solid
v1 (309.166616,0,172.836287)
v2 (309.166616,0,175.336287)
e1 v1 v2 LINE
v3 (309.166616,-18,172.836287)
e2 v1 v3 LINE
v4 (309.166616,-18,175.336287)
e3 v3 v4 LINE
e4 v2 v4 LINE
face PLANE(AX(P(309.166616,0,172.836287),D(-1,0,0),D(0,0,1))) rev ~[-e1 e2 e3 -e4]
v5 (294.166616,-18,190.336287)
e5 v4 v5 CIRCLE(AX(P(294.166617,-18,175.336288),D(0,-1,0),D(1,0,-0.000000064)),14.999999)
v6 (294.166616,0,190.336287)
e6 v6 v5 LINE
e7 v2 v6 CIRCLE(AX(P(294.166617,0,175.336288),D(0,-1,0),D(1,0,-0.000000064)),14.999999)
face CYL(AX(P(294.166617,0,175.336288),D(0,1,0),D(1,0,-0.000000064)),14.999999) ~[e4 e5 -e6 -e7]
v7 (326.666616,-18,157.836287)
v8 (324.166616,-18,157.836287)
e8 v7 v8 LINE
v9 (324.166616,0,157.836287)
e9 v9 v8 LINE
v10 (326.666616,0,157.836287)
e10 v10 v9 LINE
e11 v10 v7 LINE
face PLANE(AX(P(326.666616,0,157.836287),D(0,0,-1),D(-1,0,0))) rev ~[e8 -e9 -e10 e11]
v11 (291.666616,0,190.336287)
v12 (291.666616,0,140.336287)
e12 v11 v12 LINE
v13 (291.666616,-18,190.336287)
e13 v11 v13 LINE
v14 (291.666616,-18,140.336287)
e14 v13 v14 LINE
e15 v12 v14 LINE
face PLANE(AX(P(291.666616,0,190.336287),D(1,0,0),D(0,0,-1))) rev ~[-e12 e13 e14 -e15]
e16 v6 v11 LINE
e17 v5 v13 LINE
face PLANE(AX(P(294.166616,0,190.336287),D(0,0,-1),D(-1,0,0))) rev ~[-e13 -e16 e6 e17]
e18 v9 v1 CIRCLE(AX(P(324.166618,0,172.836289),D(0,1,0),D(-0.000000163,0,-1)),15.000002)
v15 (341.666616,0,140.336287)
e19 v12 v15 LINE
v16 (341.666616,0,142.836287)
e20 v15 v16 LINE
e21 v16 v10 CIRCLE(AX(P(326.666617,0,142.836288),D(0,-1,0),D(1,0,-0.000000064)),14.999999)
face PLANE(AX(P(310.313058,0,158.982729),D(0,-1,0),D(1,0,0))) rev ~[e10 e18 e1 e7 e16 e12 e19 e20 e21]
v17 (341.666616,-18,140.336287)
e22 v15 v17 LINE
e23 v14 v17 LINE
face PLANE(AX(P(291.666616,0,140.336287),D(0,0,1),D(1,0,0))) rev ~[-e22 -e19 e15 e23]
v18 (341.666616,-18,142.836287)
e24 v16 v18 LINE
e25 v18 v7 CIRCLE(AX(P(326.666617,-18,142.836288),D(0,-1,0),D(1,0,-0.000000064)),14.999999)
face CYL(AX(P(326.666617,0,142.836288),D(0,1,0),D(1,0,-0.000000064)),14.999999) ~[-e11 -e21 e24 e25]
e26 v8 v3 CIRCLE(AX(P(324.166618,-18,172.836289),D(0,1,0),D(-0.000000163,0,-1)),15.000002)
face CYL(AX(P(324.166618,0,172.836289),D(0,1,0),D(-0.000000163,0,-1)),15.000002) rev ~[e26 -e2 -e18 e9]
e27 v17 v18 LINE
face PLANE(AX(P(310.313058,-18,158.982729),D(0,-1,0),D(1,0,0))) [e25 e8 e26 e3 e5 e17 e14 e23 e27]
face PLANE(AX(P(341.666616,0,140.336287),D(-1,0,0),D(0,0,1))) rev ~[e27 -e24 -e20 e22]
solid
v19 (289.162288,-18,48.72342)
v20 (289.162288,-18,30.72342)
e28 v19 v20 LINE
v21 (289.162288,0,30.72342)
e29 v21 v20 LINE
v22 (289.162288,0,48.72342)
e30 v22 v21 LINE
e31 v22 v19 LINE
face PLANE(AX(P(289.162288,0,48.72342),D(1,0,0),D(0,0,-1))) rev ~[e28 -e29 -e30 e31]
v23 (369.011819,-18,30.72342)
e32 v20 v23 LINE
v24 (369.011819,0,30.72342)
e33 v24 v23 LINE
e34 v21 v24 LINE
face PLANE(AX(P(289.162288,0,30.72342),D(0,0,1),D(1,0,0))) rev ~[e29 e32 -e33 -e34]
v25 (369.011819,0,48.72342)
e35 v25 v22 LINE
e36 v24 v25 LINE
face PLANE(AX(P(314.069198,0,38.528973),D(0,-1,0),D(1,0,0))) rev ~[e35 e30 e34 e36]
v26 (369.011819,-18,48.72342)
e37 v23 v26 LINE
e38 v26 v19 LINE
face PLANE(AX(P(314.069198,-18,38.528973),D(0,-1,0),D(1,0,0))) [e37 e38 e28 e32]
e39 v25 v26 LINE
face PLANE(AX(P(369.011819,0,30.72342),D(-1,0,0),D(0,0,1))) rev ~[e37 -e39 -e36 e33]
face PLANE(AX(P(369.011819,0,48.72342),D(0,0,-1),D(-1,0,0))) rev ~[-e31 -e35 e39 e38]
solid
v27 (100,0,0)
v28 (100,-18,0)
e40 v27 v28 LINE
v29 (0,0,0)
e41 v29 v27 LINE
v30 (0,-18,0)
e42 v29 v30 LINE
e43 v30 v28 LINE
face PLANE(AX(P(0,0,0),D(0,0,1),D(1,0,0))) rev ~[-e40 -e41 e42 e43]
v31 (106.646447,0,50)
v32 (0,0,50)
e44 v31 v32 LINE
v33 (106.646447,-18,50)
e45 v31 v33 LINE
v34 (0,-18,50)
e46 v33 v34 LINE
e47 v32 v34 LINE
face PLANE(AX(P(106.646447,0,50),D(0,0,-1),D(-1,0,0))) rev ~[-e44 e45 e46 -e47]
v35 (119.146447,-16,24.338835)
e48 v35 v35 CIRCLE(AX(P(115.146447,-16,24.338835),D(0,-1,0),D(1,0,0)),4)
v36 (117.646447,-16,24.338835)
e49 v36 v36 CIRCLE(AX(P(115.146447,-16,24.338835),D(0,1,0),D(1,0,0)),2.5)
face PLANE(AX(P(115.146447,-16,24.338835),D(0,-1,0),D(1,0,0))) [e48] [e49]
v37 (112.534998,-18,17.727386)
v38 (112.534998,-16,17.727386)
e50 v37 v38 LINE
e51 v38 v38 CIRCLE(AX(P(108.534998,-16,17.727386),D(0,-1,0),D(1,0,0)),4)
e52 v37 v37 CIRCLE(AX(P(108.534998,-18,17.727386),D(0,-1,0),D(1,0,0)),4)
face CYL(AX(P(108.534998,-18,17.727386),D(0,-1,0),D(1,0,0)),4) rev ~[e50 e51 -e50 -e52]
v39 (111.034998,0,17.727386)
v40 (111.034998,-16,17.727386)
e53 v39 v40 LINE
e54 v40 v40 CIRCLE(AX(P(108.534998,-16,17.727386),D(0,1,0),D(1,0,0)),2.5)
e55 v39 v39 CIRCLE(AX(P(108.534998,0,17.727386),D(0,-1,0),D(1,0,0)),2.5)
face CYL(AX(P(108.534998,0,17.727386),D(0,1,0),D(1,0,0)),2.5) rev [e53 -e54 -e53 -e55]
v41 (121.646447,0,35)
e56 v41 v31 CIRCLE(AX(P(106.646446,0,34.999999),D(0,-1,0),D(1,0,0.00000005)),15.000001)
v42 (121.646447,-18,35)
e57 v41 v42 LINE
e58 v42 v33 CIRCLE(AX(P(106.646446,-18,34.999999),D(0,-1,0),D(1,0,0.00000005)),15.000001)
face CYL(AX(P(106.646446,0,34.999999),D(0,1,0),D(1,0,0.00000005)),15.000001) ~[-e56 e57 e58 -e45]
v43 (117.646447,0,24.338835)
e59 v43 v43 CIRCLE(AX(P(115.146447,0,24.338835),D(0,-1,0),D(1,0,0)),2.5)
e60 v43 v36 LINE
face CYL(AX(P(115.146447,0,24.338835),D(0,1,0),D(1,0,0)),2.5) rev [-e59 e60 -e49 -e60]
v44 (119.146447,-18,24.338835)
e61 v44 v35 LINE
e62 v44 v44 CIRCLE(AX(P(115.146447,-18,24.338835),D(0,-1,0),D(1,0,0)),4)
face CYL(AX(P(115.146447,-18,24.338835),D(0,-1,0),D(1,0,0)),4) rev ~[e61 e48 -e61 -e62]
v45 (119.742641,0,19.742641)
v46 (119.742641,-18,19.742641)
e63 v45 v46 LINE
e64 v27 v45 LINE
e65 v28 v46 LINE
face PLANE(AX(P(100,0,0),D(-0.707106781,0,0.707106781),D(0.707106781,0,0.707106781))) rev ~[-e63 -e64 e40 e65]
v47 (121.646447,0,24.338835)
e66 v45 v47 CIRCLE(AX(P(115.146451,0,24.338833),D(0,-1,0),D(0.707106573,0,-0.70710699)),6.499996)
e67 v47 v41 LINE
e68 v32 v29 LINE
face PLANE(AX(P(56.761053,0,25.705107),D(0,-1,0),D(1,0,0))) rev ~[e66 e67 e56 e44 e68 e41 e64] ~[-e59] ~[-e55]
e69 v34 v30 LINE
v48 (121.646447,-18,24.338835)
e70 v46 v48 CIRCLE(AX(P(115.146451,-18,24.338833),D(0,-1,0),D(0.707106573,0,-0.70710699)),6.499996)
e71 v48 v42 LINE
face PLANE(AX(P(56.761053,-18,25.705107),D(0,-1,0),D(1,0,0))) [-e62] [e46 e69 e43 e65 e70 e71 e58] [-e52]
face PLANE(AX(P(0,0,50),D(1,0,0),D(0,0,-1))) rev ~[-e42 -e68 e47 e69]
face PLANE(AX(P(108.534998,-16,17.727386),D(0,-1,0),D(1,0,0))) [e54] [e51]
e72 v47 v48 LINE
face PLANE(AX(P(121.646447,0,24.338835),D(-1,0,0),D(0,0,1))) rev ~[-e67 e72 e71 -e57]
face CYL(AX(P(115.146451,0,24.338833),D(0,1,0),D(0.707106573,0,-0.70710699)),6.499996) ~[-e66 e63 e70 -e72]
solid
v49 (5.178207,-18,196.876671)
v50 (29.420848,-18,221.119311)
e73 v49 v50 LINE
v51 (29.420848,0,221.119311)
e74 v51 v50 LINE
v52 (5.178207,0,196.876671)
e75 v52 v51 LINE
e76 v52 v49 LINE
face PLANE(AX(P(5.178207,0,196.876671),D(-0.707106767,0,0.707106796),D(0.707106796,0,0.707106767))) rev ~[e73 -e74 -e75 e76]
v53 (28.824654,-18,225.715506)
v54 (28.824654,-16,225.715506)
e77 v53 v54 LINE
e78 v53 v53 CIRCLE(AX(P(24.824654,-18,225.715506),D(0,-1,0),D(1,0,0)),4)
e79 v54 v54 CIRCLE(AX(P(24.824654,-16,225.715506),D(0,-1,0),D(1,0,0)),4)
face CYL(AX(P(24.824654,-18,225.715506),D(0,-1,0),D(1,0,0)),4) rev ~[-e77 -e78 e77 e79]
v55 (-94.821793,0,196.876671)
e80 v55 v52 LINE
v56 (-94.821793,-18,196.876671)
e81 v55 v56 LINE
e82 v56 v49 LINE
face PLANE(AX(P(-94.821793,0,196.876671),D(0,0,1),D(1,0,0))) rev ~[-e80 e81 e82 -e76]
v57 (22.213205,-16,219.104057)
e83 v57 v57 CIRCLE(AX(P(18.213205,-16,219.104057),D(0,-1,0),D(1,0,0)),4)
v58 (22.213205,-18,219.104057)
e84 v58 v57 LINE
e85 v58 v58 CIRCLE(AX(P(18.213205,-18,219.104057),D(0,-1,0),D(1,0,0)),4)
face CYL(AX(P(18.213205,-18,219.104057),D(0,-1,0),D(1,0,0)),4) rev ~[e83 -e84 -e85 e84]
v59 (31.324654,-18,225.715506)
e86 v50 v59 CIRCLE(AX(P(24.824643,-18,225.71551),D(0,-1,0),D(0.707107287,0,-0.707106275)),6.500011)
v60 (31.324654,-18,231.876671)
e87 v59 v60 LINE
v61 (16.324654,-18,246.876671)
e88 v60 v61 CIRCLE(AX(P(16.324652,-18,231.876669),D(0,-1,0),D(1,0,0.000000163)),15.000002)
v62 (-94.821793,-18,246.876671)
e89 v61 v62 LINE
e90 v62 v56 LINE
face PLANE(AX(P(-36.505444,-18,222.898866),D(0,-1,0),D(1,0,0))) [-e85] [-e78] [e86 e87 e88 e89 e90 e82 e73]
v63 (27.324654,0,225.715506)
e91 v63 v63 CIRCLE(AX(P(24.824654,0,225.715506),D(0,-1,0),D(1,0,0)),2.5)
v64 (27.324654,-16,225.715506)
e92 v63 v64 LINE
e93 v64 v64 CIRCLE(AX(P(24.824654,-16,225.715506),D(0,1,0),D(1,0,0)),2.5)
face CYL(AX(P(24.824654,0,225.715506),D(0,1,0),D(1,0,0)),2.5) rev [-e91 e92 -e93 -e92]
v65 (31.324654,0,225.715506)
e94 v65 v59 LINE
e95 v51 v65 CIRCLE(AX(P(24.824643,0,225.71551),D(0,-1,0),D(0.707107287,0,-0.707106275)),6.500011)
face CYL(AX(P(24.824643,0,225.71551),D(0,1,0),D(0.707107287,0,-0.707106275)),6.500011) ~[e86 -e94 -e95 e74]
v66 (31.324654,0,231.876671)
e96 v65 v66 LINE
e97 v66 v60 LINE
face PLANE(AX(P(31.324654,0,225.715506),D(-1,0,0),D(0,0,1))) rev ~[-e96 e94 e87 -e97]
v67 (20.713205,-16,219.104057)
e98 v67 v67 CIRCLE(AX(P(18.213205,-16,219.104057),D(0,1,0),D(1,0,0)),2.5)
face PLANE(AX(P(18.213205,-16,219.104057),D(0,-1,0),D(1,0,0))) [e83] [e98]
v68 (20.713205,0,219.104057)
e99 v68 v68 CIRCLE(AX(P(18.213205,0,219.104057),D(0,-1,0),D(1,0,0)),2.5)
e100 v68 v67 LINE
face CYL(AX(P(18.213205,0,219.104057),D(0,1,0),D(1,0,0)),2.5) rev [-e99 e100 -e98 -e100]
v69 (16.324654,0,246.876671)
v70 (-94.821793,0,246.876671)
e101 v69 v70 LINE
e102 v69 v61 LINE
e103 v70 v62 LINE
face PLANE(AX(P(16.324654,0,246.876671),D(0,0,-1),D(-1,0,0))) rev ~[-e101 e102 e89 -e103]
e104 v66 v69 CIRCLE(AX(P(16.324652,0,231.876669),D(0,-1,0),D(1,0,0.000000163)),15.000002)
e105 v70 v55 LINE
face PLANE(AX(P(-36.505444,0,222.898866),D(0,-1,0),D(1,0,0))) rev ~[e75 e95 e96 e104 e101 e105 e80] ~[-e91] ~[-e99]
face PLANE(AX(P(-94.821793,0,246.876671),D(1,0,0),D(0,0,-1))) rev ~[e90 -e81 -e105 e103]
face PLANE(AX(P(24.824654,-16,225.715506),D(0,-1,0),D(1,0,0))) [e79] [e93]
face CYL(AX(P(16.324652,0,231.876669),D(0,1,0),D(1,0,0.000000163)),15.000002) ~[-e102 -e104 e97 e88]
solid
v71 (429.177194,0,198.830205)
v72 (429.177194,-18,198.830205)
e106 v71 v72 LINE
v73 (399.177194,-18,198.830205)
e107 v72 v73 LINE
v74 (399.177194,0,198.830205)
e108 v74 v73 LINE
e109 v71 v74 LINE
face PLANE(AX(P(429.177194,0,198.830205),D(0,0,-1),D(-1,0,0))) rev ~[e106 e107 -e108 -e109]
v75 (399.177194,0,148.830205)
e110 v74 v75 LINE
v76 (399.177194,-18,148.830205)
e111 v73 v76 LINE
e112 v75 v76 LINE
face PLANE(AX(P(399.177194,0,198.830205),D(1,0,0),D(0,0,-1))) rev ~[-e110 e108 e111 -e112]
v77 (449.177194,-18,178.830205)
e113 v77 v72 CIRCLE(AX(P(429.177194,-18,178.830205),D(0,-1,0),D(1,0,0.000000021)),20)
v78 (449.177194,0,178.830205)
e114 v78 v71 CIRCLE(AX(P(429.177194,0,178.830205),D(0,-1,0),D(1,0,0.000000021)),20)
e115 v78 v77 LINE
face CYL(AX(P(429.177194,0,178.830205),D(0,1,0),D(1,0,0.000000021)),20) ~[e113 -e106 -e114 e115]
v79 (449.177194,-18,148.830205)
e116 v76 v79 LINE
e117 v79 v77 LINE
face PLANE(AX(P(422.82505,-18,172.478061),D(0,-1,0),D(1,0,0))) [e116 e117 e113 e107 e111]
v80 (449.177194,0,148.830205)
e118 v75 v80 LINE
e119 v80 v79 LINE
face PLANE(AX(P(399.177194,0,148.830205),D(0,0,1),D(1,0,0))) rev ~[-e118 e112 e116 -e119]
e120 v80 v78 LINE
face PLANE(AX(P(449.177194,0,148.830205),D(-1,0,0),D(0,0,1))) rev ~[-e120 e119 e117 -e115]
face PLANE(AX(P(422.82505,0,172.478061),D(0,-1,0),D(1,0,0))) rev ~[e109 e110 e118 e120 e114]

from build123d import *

# Parameters (mm, degrees)
F0_R     = 2.5
F0_W     = 24.763633
F0_H     = 18
F1_DEPTH = 18
F2_R     = 4
F3_DEPTH = 2


with BuildPart() as f1:
    # F0 (on Front) → F1 (new body)
    with BuildSketch(Plane.XZ):
        with BuildLine():
            Line((0, 50), (0, 0))
            Line((0, 0), (100, 0))
            Line((100, 0), (119.742641, 19.742641))
            ThreePointArc((119.742641, 19.742641), (121.151664, 21.851392), (121.646447, 24.338835))
            Line((121.646447, 24.338835), (121.646447, 35))
            ThreePointArc((121.646447, 35), (117.253048, 45.606602), (106.646447, 50))
            Line((106.646447, 50), (0, 50))
        make_face()
        with Locations((108.534998, 17.727386)):
            Circle(F0_R, mode=Mode.SUBTRACT)
        with Locations((115.146447, 24.338835)):
            Circle(F0_R, mode=Mode.SUBTRACT)
        Polygon((289.162288, 48.72342), (289.162288, 30.72342), (344.248186, 30.72342), (326.248186, 48.72342), align=None)
        Polygon((326.248186, 48.72342), (344.248186, 30.72342), (344.248186, 48.72342), align=None)
        with Locations((356.630002, 39.72342)):
            Rectangle(F0_W, F0_H)
        with BuildLine():
            Line((-94.821793, 246.876671), (-94.821793, 196.876671))
            Line((-94.821793, 196.876671), (5.178207, 196.876671))
            Line((5.178207, 196.876671), (29.420848, 221.119311))
            ThreePointArc((29.420848, 221.119311), (30.82987, 223.228063), (31.324654, 225.715506))
            Line((31.324654, 225.715506), (31.324654, 231.876671))
            ThreePointArc((31.324654, 231.876671), (26.931255, 242.483272), (16.324654, 246.876671))
            Line((16.324654, 246.876671), (-94.821793, 246.876671))
        make_face()
        with Locations((18.213205, 219.104057)):
            Circle(F0_R, mode=Mode.SUBTRACT)
        with Locations((24.824654, 225.715506)):
            Circle(F0_R, mode=Mode.SUBTRACT)
        with BuildLine():
            Line((291.666616, 190.336287), (291.666616, 140.336287))
            Line((291.666616, 140.336287), (341.666616, 140.336287))
            Line((341.666616, 140.336287), (341.666616, 142.836287))
            ThreePointArc((341.666616, 142.836287), (337.273218, 153.442889), (326.666616, 157.836287))
            Line((326.666616, 157.836287), (324.166616, 157.836287))
            ThreePointArc((324.166616, 157.836287), (313.560015, 162.229686), (309.166616, 172.836287))
            Line((309.166616, 172.836287), (309.166616, 175.336287))
            ThreePointArc((309.166616, 175.336287), (304.773218, 185.942889), (294.166616, 190.336287))
            Line((294.166616, 190.336287), (291.666616, 190.336287))
        make_face()
        with BuildLine():
            Line((399.177194, 198.830205), (399.177194, 148.830205))
            Line((399.177194, 148.830205), (449.177194, 148.830205))
            Line((449.177194, 148.830205), (449.177194, 178.830205))
            ThreePointArc((449.177194, 178.830205), (443.319329, 192.972341), (429.177194, 198.830205))
            Line((429.177194, 198.830205), (399.177194, 198.830205))
        make_face()
    extrude(amount=F1_DEPTH)

    # F2 (on face) → F3 (cut)
    with BuildSketch(Plane.XZ.offset(18)):
        with Locations((18.213205, 219.104057)):
            Circle(F2_R)
        with Locations((24.824654, 225.715506)):
            Circle(F2_R)
        with Locations((115.146447, 24.338835)):
            Circle(F2_R)
        with Locations((108.534998, 17.727386)):
            Circle(F2_R)
    extrude(amount=-F3_DEPTH, mode=Mode.SUBTRACT)


solid = f1.part
